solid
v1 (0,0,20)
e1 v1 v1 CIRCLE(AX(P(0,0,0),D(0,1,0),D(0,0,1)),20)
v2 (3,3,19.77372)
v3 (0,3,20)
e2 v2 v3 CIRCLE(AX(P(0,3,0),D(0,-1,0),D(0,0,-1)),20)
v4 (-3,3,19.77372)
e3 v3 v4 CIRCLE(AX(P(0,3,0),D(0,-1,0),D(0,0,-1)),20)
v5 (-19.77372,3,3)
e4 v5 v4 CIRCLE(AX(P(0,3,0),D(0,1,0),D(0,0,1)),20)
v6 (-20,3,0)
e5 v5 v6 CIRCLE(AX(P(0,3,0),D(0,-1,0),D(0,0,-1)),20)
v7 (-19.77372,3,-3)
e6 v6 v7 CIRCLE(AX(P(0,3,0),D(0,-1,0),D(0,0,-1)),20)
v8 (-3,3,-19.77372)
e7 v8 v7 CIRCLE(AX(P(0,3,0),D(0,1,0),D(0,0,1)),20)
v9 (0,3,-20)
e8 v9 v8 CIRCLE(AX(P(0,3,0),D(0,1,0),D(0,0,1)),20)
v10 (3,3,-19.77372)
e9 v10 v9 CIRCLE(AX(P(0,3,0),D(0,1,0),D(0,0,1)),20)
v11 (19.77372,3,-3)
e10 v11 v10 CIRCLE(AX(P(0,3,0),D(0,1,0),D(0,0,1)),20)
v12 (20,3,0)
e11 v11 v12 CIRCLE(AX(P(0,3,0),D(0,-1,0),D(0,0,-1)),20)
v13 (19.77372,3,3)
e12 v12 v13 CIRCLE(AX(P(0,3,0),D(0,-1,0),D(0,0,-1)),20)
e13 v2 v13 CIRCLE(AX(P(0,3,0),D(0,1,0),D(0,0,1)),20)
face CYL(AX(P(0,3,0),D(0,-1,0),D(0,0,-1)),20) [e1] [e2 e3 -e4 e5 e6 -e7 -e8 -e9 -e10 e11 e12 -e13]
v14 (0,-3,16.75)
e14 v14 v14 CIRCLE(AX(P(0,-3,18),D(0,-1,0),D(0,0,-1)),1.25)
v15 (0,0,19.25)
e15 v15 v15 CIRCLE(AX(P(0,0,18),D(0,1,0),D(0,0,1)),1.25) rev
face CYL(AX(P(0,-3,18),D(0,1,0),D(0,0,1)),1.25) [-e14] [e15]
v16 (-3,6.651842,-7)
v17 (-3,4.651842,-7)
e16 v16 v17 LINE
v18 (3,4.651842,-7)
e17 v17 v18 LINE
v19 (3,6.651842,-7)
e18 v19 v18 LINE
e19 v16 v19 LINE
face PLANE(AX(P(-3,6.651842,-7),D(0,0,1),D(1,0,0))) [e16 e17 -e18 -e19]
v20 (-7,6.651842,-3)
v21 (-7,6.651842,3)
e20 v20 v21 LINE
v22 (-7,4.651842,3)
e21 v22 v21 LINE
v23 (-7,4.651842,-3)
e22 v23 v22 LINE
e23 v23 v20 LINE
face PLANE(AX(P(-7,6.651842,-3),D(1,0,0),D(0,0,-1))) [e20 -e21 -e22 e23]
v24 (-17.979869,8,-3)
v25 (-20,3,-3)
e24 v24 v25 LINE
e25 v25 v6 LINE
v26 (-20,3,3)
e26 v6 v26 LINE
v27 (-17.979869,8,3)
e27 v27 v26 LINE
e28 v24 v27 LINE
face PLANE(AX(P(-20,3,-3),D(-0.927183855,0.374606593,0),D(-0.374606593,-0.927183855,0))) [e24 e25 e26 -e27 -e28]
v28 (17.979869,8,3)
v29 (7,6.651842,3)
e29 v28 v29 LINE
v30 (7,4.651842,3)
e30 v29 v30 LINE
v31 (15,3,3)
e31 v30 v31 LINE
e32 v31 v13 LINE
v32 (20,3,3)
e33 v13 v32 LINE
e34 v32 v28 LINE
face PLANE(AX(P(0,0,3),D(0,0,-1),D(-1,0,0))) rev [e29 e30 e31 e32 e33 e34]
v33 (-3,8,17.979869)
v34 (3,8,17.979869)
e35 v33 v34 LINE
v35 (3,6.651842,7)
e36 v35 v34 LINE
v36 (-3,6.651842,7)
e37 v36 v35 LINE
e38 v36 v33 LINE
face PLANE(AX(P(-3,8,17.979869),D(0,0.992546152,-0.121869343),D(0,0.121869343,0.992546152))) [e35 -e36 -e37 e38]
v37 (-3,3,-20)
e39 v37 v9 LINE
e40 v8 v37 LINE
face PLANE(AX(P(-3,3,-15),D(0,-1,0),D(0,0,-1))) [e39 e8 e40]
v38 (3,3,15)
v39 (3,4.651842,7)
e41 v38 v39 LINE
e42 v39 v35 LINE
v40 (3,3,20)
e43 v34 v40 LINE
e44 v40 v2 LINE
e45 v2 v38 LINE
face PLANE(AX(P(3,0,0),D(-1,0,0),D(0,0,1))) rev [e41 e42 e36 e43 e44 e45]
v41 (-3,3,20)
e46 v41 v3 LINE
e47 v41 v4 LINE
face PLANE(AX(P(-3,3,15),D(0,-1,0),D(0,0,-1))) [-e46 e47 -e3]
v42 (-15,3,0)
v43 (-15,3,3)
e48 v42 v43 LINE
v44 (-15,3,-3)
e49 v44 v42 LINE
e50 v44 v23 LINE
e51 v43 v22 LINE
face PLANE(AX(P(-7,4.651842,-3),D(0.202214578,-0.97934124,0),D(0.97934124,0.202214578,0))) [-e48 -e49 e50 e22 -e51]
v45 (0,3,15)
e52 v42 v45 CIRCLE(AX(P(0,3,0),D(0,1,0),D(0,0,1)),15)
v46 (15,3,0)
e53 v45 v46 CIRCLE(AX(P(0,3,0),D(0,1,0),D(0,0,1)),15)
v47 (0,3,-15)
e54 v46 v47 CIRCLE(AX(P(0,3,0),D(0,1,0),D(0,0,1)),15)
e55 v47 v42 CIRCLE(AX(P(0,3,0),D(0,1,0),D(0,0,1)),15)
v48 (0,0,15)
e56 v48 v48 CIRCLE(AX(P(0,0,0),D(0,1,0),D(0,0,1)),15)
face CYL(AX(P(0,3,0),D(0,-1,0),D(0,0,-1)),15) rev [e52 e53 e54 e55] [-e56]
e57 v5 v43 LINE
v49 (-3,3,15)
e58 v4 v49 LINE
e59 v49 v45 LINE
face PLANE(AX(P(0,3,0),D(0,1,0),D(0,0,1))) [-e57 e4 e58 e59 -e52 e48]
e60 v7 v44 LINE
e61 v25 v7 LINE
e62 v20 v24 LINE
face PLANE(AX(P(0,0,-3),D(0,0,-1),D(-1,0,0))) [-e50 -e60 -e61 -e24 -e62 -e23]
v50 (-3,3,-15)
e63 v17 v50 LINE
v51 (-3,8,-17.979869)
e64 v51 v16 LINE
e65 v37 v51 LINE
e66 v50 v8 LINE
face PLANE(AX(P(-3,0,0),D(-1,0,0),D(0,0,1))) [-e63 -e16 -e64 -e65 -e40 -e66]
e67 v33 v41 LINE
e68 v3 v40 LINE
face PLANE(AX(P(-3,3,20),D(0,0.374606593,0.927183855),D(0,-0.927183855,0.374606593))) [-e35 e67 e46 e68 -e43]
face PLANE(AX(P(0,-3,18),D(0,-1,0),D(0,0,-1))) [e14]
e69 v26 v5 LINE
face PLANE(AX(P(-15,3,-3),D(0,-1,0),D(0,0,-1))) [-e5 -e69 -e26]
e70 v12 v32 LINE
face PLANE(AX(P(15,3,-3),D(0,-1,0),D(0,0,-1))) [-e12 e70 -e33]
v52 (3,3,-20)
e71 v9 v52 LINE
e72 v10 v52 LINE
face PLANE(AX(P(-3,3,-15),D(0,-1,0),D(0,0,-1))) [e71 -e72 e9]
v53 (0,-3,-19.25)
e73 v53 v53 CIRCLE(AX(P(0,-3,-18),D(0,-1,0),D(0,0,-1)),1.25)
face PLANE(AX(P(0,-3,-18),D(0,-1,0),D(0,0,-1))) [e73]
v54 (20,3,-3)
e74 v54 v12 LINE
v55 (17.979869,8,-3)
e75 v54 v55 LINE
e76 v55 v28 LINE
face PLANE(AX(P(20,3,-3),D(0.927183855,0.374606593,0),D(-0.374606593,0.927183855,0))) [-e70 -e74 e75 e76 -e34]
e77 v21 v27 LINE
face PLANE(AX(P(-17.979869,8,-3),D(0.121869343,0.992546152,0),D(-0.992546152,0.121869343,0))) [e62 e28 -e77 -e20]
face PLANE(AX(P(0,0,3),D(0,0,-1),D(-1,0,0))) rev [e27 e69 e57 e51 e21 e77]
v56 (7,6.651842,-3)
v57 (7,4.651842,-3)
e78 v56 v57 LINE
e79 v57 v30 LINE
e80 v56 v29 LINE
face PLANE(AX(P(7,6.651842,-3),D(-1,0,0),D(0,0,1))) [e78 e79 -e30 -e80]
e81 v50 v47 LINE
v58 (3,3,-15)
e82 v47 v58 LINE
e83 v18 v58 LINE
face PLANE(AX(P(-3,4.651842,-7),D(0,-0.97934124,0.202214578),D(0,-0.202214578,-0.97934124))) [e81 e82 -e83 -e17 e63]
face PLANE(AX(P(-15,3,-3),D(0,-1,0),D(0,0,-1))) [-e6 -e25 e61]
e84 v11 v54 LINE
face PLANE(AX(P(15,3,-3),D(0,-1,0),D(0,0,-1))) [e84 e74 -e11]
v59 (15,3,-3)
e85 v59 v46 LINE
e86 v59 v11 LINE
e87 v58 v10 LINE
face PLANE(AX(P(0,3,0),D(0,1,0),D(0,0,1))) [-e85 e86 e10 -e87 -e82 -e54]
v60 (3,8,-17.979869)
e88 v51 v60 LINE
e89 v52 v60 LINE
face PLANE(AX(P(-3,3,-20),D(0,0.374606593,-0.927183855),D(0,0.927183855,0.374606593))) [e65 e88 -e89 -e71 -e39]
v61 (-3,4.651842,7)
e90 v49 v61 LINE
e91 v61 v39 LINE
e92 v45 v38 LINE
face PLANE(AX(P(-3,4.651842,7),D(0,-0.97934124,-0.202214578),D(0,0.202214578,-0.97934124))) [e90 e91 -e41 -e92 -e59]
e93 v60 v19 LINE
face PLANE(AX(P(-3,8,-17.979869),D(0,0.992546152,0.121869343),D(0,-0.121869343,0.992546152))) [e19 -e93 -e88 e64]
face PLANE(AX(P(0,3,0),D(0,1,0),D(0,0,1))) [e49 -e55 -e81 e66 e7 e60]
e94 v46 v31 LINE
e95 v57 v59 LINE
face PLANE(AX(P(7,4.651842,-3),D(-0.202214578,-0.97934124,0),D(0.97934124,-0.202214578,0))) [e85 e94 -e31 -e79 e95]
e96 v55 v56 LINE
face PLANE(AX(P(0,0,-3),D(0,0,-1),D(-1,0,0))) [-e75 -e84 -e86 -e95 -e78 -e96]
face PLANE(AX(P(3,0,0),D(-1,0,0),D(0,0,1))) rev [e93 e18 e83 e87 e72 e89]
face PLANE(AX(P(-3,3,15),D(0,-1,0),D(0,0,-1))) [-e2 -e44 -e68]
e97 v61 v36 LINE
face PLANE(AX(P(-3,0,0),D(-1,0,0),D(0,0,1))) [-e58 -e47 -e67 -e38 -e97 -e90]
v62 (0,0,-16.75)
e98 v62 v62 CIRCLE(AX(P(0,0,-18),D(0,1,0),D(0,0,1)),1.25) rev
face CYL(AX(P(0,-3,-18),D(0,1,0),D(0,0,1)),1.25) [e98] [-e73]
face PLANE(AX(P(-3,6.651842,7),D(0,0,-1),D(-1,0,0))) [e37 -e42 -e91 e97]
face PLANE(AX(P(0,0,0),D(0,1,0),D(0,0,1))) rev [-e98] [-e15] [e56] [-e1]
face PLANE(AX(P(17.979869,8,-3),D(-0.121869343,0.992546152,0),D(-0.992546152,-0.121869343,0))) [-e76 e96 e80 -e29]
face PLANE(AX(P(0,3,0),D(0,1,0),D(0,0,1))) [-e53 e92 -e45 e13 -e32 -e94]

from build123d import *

# Parameters (mm, degrees)
SKETCH1_R                = 20
SKETCH1_R_2              = 15
BOSS_EXTRUDE1_DEPTH      = 3
BOSS_EXTRUDE2_DEPTH      = 3
BOSS_EXTRUDE2_DEPTH_BACK = 3
BOSS_EXTRUDE3_DEPTH      = 3
BOSS_EXTRUDE3_DEPTH_BACK = 3
SKETCH4_R                = 1.25
BOSS_EXTRUDE4_DEPTH      = 3


with BuildPart() as part:
    # Sketch1 → Boss-Extrude1 (new body)
    with BuildSketch(Plane(origin=(0, 0, 0), x_dir=(1, 0, 0), z_dir=(0, 1, 0))):
        Circle(SKETCH1_R)
        Circle(SKETCH1_R_2, mode=Mode.SUBTRACT)
    extrude(amount=BOSS_EXTRUDE1_DEPTH)

    # Sketch2 → Boss-Extrude2 (add, two sides: drawn at the far end of the back side and taken through both)
    with BuildSketch(Plane(origin=(0, 0, 0), x_dir=(0, 0, -1), z_dir=(1, 0, 0)).offset(-BOSS_EXTRUDE2_DEPTH_BACK)):
        Polygon((20, 3), (17.979868871, 8), (7, 6.651841622), (7, 4.651841622), (15, 3), align=None)
        Polygon((-7, 4.651841622), (-15, 3), (-20, 3), (-17.979868871, 8), (-7, 6.651841622), align=None)
    extrude(amount=BOSS_EXTRUDE2_DEPTH + BOSS_EXTRUDE2_DEPTH_BACK)

    # Sketch3 → Boss-Extrude3 (add, two sides: drawn at the far end of the back side and taken through both)
    with BuildSketch(Plane.XY.offset(-BOSS_EXTRUDE3_DEPTH_BACK)):
        Polygon((20, 3), (17.979868871, 8), (7, 6.651841622), (7, 4.651841622), (15, 3), align=None)
        Polygon((-7, 4.651841622), (-15, 3), (-20, 3), (-17.979868871, 8), (-7, 6.651841622), align=None)
    extrude(amount=BOSS_EXTRUDE3_DEPTH + BOSS_EXTRUDE3_DEPTH_BACK)

    # Sketch4 → Boss-Extrude4 (add)
    with BuildSketch(Plane.XZ):
        with Locations((0, 18)):
            Circle(SKETCH4_R)
        with Locations((0, -18)):
            Circle(SKETCH4_R)
    extrude(amount=BOSS_EXTRUDE4_DEPTH)


solid = part.part
